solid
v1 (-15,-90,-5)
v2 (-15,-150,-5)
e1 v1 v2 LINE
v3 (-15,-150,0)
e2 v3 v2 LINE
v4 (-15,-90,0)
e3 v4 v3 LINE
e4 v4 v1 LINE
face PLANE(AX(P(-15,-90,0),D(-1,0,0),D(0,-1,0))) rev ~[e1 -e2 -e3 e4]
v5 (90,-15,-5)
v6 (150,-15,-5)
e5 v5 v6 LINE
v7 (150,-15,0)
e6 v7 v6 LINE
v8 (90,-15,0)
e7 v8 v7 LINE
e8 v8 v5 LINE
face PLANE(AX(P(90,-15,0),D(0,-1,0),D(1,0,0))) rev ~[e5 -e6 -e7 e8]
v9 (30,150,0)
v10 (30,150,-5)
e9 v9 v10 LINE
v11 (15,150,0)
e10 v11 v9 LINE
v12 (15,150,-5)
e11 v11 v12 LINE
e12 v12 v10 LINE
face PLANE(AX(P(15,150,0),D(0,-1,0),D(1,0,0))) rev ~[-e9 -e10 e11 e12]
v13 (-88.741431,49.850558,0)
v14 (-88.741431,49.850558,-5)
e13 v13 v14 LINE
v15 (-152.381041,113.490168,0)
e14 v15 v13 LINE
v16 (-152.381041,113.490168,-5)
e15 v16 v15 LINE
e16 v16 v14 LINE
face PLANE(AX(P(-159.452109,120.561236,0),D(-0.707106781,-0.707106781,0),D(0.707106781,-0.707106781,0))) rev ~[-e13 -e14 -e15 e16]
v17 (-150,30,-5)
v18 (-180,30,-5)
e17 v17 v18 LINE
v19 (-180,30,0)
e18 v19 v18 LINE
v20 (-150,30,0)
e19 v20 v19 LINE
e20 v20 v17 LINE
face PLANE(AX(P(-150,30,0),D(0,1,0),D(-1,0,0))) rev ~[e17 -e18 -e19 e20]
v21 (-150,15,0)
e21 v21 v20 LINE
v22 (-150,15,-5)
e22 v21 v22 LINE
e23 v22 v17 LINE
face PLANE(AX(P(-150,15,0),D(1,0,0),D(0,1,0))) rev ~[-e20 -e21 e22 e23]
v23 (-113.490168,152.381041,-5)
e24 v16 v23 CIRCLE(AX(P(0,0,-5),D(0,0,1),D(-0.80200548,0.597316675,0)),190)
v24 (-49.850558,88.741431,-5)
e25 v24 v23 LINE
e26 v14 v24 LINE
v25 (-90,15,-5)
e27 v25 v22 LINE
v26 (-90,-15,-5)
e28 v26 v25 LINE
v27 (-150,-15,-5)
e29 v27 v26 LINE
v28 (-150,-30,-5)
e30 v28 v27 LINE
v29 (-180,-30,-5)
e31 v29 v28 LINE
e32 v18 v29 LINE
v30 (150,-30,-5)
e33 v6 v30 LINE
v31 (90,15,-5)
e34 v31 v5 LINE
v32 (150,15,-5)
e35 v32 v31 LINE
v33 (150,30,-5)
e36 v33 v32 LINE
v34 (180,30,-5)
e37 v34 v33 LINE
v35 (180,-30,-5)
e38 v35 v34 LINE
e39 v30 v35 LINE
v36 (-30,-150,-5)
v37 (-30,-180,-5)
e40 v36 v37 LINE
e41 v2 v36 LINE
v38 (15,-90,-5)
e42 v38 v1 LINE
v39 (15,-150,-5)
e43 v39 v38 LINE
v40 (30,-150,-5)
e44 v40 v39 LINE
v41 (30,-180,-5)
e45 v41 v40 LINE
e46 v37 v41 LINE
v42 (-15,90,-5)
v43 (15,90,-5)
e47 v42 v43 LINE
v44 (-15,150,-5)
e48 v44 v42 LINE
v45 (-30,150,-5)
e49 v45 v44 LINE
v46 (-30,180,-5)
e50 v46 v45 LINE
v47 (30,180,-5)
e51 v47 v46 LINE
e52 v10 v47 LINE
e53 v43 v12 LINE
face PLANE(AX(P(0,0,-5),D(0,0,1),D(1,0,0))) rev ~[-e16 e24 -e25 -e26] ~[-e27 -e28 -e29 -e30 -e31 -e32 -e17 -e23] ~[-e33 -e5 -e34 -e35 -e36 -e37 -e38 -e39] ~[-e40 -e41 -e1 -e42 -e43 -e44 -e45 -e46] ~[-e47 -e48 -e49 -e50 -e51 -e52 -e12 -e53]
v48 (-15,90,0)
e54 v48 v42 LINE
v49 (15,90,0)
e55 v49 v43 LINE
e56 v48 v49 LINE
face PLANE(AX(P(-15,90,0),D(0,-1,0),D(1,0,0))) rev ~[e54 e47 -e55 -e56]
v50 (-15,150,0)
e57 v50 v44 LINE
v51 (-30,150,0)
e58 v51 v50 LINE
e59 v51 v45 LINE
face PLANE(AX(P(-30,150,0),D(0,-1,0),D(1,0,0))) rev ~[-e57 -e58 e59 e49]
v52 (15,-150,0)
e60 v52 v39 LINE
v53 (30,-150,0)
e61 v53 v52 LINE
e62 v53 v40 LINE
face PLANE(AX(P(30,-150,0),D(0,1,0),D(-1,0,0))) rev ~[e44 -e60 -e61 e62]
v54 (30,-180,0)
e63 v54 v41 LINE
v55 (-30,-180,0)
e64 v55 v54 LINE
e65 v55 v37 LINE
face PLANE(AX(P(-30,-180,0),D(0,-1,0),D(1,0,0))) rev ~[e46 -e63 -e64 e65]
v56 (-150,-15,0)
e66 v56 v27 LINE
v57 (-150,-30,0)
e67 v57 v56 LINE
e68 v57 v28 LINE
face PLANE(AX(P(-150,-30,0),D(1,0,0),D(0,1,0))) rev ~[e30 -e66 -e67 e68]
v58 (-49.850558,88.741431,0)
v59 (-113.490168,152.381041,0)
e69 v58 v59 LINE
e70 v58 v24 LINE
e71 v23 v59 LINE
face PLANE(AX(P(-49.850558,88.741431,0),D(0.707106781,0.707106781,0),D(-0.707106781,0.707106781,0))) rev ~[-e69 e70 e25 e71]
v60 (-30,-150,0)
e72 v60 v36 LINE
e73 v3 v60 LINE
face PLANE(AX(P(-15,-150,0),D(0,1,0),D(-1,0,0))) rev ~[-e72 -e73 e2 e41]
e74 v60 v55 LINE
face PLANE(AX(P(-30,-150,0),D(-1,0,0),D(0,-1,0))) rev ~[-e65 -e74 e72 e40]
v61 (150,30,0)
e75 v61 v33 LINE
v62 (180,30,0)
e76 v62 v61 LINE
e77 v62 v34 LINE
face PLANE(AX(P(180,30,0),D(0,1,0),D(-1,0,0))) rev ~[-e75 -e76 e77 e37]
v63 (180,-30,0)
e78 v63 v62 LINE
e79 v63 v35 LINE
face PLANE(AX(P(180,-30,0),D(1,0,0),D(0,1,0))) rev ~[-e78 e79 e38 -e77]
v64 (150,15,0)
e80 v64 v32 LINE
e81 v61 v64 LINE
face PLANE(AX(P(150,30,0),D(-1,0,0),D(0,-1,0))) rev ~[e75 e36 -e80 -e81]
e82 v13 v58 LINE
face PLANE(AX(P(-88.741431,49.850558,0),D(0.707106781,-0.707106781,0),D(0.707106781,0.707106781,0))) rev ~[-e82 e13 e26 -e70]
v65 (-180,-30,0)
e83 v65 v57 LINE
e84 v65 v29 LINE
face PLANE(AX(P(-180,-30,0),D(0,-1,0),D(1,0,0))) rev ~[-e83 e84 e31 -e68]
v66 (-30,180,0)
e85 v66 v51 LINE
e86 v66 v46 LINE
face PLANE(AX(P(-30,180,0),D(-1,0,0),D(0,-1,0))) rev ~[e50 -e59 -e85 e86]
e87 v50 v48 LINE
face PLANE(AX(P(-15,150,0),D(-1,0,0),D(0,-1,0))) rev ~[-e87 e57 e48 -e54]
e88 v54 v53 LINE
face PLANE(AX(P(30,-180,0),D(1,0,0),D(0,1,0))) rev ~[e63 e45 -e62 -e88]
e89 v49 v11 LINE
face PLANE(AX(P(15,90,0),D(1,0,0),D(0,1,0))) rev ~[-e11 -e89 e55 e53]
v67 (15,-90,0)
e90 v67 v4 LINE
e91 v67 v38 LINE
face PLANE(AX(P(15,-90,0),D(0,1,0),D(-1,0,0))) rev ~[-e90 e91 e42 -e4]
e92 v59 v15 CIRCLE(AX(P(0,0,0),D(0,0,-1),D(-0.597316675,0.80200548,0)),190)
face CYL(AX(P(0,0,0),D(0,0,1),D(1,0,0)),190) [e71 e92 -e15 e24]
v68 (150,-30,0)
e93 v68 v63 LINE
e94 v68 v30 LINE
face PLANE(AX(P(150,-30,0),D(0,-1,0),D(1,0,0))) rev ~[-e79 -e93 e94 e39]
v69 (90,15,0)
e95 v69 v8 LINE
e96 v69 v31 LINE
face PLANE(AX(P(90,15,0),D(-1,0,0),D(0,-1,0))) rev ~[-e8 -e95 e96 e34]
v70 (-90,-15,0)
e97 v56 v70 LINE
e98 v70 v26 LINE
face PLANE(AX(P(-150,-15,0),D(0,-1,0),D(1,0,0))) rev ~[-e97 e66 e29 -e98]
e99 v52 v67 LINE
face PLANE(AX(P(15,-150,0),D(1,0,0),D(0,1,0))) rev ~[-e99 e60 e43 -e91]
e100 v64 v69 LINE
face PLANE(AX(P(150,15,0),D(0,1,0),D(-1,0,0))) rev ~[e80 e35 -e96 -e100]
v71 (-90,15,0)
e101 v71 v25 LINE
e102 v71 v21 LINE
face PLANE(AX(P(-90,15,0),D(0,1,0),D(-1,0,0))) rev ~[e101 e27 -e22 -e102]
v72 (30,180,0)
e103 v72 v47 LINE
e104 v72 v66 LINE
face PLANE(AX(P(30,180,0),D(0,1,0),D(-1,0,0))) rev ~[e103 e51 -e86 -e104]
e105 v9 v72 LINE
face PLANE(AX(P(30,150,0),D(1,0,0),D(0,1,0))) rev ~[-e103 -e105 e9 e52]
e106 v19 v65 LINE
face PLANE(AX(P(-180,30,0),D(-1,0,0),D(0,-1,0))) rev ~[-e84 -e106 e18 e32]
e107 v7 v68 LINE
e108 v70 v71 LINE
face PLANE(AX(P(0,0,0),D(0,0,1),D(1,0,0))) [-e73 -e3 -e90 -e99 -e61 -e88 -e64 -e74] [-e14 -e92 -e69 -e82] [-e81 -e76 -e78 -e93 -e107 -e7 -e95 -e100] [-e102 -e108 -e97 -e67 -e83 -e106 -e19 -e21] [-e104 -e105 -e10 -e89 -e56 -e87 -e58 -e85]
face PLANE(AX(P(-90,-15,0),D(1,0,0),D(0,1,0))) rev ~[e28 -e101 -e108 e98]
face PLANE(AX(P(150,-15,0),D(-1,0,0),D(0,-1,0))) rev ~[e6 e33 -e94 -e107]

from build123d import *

# Parameters (mm, degrees)
ESQUISSE1_R             = 190
BOSS_EXTRU_1_DEPTH      = 5
ENL_V_MAT_EXTRU_1_DEPTH = 5
ENL_V_MAT_EXTRU_2_DEPTH = 10


with BuildPart() as part:
    # Esquisse1 → Boss.-Extru.1 (new body)
    with BuildSketch(Plane.XY):
        Circle(ESQUISSE1_R)
    extrude(amount=-BOSS_EXTRU_1_DEPTH)

    # Esquisse2 → Enlèv. mat.-Extru.1 (cut)
    with BuildSketch(Plane.XY):
        Polygon((-15, 150), (-15, 90), (15, 90), (15, 150), (30, 150), (30, 180), (-30, 180), (-30, 150), align=None)
        Polygon((30, -180), (30, -150), (15, -150), (15, -90), (-15, -90), (-15, -150), (-30, -150), (-30, -180), align=None)
        Polygon((180, 30), (150, 30), (150, 15), (90, 15), (90, -15), (150, -15), (150, -30), (180, -30), align=None)
        Polygon((-180, -30), (-150, -30), (-150, -15), (-90, -15), (-90, 15), (-150, 15), (-150, 30), (-180, 30), align=None)
    extrude(amount=-ENL_V_MAT_EXTRU_1_DEPTH, mode=Mode.SUBTRACT)

    # Esquisse3 → Enlèv. mat.-Extru.2 (cut)
    with BuildSketch(Plane.XY):
        Polygon((-88.741430887, 49.850557922), (-49.850557922, 88.741430887), (-113.490168229, 152.381041194), (-120.561236041, 159.452109006), (-159.452109006, 120.561236041), (-152.381041194, 113.490168229), align=None)
    extrude(amount=-ENL_V_MAT_EXTRU_2_DEPTH, mode=Mode.SUBTRACT)


solid = part.part
